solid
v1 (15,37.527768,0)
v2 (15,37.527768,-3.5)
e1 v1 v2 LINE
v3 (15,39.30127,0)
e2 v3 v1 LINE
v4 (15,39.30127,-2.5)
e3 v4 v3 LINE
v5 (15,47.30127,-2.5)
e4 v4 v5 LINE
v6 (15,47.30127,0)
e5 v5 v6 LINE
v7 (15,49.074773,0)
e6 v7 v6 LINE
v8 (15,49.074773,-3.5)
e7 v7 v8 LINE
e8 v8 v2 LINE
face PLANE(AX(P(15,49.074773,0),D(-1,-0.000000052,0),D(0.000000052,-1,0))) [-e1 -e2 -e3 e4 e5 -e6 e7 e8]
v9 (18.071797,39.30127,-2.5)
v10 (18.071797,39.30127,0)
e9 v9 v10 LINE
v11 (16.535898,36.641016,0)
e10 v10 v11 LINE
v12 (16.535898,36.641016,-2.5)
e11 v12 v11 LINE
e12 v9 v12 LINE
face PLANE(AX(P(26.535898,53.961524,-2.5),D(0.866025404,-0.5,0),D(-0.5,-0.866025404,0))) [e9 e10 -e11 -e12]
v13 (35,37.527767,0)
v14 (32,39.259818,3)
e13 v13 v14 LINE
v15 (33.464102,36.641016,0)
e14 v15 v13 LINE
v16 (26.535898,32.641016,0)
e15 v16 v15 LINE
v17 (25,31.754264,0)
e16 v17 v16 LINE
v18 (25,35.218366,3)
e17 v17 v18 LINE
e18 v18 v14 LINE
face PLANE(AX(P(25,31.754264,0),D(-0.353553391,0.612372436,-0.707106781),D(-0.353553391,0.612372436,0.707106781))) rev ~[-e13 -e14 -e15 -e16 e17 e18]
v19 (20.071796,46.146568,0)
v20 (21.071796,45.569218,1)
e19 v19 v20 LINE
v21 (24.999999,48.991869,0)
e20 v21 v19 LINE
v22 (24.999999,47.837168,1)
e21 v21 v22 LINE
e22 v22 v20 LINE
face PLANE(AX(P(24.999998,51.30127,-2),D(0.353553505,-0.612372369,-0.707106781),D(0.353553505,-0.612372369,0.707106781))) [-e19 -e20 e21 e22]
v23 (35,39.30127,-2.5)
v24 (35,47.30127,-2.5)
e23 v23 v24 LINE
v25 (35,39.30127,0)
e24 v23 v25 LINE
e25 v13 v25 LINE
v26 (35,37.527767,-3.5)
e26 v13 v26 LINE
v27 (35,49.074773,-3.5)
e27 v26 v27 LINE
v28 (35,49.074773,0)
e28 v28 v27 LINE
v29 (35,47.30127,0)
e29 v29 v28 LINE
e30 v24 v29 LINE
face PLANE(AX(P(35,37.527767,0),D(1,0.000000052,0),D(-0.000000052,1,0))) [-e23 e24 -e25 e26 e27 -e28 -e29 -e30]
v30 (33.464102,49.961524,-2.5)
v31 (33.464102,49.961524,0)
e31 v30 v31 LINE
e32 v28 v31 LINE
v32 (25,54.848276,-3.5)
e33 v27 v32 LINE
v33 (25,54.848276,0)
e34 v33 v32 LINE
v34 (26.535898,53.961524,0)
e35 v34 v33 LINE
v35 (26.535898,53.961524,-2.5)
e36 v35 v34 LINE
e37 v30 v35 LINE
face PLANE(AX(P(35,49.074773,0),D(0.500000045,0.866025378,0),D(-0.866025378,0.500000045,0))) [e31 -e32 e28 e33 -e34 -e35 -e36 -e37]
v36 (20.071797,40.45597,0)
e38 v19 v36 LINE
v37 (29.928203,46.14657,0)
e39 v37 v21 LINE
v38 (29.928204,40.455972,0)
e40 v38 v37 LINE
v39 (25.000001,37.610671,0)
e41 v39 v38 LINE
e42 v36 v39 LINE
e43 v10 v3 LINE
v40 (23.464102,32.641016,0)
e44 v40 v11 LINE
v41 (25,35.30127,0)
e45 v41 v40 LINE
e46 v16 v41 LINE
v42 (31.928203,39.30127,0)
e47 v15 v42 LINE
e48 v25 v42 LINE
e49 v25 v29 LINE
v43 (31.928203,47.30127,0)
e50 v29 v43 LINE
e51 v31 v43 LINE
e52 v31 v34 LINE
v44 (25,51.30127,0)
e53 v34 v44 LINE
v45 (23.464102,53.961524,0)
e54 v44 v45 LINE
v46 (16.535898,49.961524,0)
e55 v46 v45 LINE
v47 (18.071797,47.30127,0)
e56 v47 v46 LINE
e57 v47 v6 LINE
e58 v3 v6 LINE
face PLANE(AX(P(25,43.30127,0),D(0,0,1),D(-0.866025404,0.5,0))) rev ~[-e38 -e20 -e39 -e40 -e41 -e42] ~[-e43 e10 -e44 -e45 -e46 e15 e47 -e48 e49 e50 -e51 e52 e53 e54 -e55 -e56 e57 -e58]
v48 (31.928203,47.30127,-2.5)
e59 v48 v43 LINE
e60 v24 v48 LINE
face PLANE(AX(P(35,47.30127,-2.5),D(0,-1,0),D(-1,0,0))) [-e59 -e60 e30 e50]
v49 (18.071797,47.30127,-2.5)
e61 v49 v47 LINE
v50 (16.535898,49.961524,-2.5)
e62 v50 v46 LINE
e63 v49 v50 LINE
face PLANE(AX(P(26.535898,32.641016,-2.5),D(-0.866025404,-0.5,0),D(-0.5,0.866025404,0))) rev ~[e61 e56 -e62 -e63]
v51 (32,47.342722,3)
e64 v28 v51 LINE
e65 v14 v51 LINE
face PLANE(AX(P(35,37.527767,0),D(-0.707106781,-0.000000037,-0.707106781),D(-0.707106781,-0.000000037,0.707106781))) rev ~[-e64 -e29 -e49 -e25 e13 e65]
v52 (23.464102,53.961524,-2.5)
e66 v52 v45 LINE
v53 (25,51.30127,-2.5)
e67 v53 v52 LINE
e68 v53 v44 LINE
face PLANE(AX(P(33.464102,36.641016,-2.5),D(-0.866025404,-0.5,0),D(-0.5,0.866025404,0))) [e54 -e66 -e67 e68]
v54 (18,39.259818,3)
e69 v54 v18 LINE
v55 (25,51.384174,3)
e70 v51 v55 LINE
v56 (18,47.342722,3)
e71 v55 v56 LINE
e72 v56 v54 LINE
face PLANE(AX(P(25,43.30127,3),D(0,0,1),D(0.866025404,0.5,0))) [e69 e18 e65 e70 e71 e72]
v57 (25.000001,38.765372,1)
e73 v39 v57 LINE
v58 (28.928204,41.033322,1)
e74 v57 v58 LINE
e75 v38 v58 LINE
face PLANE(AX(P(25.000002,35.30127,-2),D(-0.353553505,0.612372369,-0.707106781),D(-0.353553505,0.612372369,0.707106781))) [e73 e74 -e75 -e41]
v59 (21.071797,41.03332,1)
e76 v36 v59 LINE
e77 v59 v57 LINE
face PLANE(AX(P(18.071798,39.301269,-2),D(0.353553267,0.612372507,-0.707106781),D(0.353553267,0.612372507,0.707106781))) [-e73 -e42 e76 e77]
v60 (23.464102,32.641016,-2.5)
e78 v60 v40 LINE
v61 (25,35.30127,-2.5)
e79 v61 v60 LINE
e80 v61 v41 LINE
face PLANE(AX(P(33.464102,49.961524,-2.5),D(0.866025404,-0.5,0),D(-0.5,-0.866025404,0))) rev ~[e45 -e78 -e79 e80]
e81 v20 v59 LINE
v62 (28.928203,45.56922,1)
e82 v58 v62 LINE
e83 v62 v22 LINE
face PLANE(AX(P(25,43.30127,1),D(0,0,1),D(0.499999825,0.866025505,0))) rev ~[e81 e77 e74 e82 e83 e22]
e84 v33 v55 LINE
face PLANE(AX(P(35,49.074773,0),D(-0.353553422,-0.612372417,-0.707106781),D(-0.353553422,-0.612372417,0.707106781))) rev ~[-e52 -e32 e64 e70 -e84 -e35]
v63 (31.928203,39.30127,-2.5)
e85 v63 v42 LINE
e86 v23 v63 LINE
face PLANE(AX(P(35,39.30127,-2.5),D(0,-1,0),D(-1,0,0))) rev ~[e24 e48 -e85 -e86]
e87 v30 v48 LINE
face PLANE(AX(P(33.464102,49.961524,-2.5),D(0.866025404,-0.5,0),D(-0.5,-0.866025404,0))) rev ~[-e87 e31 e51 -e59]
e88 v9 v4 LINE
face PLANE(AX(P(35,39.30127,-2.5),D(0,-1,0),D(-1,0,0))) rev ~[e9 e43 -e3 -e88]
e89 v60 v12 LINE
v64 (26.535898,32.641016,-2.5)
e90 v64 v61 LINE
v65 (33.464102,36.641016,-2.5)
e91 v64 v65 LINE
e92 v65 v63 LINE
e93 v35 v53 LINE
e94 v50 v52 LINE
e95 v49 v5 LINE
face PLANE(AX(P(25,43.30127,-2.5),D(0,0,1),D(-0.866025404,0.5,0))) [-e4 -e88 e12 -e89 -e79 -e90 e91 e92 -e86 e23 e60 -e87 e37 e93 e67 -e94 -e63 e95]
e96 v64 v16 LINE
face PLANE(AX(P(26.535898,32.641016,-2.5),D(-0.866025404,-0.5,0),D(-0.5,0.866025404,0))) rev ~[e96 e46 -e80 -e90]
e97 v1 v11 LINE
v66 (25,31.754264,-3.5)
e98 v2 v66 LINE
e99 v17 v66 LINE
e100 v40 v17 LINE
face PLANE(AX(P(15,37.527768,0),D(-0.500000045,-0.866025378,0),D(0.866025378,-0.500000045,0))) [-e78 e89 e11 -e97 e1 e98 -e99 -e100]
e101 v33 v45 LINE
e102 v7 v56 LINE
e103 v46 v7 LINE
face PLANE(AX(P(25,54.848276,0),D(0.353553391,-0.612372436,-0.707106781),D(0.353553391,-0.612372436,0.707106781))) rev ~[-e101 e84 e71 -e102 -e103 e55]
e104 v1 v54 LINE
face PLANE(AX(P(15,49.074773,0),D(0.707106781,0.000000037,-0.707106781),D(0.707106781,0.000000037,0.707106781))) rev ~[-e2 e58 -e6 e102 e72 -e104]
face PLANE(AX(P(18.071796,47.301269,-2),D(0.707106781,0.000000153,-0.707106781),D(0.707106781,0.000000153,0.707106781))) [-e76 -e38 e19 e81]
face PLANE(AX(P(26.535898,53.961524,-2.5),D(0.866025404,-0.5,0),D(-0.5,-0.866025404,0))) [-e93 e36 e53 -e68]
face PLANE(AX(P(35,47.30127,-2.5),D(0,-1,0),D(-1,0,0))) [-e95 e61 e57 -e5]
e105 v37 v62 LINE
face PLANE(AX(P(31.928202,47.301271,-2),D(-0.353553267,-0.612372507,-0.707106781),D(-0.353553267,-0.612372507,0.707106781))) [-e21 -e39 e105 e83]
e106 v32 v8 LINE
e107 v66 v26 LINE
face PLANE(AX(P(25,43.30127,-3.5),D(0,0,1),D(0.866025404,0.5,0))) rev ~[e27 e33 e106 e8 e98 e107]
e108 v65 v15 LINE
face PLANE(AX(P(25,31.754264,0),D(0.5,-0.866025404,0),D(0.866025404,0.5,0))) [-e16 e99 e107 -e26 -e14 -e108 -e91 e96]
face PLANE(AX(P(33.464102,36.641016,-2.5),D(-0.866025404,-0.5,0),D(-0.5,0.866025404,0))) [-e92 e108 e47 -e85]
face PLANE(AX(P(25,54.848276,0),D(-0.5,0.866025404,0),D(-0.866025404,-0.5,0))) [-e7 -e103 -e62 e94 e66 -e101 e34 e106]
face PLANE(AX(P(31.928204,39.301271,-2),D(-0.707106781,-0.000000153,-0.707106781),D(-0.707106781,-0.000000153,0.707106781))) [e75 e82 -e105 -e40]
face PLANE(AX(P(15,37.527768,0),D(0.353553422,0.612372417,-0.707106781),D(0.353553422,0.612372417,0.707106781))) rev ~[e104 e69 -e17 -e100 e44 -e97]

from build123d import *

# Parameters (mm, degrees)
BOX001_W                    = 8
BOX001_H                    = 20
BOX001_DEPTH                = 2.5
ARRAY_COUNT                 = 3
ARRAY_ANGLE                 = 120
PAD_DEPTH                   = 3
PAD_TAPER                   = 45
PAD001_DEPTH                = 3.5
FUSION_PLACEMENT_ANGLE      = 30
BASEFEATURE_PLACEMENT_ANGLE = 30
POCKET_DEPTH                = 3
POCKET_TAPER                = 45
CUT_PLACEMENT_ANGLE         = 30


with BuildPart() as array:
    # Box001 → Box001 (new body)
    with BuildSketch(Plane(origin=(-4, -10, -2.5), x_dir=(1, 0, 0), z_dir=(0, 0, 1))):
        with Locations((4, 10)):
            Rectangle(BOX001_W, BOX001_H)
    extrude(amount=BOX001_DEPTH)

    # Array: Array ×3 about axis
    array_axis = Axis((0, 0, 0), (0, 0, 1))


with BuildPart() as array_1:
    add(array.part)
    for i in range(1, ARRAY_COUNT):
        add(array.part.rotate(array_axis, i * ARRAY_ANGLE / (ARRAY_COUNT - 1)))


with BuildPart() as pad:
    # Sketch → Pad (new body)
    with BuildSketch(Plane.XY):
        Polygon((-11.547005, 0), (-5.773503, -10), (5.773503, -10), (11.547005, 0), (5.773503, 10), (-5.773503, 10), align=None)
    extrude(amount=PAD_DEPTH, taper=PAD_TAPER)


with BuildPart() as cell002:
    # Pad001 base: copy of Pad
    add(pad.part)

    # Sketch → Pad001 (new body)
    with BuildSketch(Plane.XY):
        Polygon((-11.547005, 0), (-5.773503, -10), (5.773503, -10), (11.547005, 0), (5.773503, 10), (-5.773503, 10), align=None)
    extrude(amount=-PAD001_DEPTH)

    # Fusion: union Pad
    add(pad.part)


with BuildPart() as cell002_1:
    # Fusion placement: moved
    add(cell002.part.rotate(Axis((0, 0, 0), (0, 0, 1)), FUSION_PLACEMENT_ANGLE))


with BuildPart() as cell002_2:
    # BaseFeature placement: moved
    add(cell002_1.part.rotate(Axis((0, 0, 0), (0, 0, -1)), BASEFEATURE_PLACEMENT_ANGLE))

    # Sketch002 → Pocket (cut)
    with BuildSketch(Plane(origin=(0, 0, -2), x_dir=(0.866025, 0.5, 0), z_dir=(0, 0, 1))):
        Polygon((0, 8), (-6.928203, 4), (-6.928203, -4), (0, -8), (6.928203, -4), (6.928203, 4), align=None)
    extrude(amount=POCKET_DEPTH, taper=POCKET_TAPER, mode=Mode.SUBTRACT)

    # Cut: cut Array
    add(array_1.part, mode=Mode.SUBTRACT)


with BuildPart() as cell002_3:
    # Cut placement: moved
    add(cell002_2.part.rotate(Axis((0, 0, 0), (0, 0, 1)), CUT_PLACEMENT_ANGLE))


with BuildPart() as cell002_4:
    # Clone001 placement: moved
    add(cell002_3.part.moved(Location((25, 43.30127, 0))))


solid = cell002_4.part
